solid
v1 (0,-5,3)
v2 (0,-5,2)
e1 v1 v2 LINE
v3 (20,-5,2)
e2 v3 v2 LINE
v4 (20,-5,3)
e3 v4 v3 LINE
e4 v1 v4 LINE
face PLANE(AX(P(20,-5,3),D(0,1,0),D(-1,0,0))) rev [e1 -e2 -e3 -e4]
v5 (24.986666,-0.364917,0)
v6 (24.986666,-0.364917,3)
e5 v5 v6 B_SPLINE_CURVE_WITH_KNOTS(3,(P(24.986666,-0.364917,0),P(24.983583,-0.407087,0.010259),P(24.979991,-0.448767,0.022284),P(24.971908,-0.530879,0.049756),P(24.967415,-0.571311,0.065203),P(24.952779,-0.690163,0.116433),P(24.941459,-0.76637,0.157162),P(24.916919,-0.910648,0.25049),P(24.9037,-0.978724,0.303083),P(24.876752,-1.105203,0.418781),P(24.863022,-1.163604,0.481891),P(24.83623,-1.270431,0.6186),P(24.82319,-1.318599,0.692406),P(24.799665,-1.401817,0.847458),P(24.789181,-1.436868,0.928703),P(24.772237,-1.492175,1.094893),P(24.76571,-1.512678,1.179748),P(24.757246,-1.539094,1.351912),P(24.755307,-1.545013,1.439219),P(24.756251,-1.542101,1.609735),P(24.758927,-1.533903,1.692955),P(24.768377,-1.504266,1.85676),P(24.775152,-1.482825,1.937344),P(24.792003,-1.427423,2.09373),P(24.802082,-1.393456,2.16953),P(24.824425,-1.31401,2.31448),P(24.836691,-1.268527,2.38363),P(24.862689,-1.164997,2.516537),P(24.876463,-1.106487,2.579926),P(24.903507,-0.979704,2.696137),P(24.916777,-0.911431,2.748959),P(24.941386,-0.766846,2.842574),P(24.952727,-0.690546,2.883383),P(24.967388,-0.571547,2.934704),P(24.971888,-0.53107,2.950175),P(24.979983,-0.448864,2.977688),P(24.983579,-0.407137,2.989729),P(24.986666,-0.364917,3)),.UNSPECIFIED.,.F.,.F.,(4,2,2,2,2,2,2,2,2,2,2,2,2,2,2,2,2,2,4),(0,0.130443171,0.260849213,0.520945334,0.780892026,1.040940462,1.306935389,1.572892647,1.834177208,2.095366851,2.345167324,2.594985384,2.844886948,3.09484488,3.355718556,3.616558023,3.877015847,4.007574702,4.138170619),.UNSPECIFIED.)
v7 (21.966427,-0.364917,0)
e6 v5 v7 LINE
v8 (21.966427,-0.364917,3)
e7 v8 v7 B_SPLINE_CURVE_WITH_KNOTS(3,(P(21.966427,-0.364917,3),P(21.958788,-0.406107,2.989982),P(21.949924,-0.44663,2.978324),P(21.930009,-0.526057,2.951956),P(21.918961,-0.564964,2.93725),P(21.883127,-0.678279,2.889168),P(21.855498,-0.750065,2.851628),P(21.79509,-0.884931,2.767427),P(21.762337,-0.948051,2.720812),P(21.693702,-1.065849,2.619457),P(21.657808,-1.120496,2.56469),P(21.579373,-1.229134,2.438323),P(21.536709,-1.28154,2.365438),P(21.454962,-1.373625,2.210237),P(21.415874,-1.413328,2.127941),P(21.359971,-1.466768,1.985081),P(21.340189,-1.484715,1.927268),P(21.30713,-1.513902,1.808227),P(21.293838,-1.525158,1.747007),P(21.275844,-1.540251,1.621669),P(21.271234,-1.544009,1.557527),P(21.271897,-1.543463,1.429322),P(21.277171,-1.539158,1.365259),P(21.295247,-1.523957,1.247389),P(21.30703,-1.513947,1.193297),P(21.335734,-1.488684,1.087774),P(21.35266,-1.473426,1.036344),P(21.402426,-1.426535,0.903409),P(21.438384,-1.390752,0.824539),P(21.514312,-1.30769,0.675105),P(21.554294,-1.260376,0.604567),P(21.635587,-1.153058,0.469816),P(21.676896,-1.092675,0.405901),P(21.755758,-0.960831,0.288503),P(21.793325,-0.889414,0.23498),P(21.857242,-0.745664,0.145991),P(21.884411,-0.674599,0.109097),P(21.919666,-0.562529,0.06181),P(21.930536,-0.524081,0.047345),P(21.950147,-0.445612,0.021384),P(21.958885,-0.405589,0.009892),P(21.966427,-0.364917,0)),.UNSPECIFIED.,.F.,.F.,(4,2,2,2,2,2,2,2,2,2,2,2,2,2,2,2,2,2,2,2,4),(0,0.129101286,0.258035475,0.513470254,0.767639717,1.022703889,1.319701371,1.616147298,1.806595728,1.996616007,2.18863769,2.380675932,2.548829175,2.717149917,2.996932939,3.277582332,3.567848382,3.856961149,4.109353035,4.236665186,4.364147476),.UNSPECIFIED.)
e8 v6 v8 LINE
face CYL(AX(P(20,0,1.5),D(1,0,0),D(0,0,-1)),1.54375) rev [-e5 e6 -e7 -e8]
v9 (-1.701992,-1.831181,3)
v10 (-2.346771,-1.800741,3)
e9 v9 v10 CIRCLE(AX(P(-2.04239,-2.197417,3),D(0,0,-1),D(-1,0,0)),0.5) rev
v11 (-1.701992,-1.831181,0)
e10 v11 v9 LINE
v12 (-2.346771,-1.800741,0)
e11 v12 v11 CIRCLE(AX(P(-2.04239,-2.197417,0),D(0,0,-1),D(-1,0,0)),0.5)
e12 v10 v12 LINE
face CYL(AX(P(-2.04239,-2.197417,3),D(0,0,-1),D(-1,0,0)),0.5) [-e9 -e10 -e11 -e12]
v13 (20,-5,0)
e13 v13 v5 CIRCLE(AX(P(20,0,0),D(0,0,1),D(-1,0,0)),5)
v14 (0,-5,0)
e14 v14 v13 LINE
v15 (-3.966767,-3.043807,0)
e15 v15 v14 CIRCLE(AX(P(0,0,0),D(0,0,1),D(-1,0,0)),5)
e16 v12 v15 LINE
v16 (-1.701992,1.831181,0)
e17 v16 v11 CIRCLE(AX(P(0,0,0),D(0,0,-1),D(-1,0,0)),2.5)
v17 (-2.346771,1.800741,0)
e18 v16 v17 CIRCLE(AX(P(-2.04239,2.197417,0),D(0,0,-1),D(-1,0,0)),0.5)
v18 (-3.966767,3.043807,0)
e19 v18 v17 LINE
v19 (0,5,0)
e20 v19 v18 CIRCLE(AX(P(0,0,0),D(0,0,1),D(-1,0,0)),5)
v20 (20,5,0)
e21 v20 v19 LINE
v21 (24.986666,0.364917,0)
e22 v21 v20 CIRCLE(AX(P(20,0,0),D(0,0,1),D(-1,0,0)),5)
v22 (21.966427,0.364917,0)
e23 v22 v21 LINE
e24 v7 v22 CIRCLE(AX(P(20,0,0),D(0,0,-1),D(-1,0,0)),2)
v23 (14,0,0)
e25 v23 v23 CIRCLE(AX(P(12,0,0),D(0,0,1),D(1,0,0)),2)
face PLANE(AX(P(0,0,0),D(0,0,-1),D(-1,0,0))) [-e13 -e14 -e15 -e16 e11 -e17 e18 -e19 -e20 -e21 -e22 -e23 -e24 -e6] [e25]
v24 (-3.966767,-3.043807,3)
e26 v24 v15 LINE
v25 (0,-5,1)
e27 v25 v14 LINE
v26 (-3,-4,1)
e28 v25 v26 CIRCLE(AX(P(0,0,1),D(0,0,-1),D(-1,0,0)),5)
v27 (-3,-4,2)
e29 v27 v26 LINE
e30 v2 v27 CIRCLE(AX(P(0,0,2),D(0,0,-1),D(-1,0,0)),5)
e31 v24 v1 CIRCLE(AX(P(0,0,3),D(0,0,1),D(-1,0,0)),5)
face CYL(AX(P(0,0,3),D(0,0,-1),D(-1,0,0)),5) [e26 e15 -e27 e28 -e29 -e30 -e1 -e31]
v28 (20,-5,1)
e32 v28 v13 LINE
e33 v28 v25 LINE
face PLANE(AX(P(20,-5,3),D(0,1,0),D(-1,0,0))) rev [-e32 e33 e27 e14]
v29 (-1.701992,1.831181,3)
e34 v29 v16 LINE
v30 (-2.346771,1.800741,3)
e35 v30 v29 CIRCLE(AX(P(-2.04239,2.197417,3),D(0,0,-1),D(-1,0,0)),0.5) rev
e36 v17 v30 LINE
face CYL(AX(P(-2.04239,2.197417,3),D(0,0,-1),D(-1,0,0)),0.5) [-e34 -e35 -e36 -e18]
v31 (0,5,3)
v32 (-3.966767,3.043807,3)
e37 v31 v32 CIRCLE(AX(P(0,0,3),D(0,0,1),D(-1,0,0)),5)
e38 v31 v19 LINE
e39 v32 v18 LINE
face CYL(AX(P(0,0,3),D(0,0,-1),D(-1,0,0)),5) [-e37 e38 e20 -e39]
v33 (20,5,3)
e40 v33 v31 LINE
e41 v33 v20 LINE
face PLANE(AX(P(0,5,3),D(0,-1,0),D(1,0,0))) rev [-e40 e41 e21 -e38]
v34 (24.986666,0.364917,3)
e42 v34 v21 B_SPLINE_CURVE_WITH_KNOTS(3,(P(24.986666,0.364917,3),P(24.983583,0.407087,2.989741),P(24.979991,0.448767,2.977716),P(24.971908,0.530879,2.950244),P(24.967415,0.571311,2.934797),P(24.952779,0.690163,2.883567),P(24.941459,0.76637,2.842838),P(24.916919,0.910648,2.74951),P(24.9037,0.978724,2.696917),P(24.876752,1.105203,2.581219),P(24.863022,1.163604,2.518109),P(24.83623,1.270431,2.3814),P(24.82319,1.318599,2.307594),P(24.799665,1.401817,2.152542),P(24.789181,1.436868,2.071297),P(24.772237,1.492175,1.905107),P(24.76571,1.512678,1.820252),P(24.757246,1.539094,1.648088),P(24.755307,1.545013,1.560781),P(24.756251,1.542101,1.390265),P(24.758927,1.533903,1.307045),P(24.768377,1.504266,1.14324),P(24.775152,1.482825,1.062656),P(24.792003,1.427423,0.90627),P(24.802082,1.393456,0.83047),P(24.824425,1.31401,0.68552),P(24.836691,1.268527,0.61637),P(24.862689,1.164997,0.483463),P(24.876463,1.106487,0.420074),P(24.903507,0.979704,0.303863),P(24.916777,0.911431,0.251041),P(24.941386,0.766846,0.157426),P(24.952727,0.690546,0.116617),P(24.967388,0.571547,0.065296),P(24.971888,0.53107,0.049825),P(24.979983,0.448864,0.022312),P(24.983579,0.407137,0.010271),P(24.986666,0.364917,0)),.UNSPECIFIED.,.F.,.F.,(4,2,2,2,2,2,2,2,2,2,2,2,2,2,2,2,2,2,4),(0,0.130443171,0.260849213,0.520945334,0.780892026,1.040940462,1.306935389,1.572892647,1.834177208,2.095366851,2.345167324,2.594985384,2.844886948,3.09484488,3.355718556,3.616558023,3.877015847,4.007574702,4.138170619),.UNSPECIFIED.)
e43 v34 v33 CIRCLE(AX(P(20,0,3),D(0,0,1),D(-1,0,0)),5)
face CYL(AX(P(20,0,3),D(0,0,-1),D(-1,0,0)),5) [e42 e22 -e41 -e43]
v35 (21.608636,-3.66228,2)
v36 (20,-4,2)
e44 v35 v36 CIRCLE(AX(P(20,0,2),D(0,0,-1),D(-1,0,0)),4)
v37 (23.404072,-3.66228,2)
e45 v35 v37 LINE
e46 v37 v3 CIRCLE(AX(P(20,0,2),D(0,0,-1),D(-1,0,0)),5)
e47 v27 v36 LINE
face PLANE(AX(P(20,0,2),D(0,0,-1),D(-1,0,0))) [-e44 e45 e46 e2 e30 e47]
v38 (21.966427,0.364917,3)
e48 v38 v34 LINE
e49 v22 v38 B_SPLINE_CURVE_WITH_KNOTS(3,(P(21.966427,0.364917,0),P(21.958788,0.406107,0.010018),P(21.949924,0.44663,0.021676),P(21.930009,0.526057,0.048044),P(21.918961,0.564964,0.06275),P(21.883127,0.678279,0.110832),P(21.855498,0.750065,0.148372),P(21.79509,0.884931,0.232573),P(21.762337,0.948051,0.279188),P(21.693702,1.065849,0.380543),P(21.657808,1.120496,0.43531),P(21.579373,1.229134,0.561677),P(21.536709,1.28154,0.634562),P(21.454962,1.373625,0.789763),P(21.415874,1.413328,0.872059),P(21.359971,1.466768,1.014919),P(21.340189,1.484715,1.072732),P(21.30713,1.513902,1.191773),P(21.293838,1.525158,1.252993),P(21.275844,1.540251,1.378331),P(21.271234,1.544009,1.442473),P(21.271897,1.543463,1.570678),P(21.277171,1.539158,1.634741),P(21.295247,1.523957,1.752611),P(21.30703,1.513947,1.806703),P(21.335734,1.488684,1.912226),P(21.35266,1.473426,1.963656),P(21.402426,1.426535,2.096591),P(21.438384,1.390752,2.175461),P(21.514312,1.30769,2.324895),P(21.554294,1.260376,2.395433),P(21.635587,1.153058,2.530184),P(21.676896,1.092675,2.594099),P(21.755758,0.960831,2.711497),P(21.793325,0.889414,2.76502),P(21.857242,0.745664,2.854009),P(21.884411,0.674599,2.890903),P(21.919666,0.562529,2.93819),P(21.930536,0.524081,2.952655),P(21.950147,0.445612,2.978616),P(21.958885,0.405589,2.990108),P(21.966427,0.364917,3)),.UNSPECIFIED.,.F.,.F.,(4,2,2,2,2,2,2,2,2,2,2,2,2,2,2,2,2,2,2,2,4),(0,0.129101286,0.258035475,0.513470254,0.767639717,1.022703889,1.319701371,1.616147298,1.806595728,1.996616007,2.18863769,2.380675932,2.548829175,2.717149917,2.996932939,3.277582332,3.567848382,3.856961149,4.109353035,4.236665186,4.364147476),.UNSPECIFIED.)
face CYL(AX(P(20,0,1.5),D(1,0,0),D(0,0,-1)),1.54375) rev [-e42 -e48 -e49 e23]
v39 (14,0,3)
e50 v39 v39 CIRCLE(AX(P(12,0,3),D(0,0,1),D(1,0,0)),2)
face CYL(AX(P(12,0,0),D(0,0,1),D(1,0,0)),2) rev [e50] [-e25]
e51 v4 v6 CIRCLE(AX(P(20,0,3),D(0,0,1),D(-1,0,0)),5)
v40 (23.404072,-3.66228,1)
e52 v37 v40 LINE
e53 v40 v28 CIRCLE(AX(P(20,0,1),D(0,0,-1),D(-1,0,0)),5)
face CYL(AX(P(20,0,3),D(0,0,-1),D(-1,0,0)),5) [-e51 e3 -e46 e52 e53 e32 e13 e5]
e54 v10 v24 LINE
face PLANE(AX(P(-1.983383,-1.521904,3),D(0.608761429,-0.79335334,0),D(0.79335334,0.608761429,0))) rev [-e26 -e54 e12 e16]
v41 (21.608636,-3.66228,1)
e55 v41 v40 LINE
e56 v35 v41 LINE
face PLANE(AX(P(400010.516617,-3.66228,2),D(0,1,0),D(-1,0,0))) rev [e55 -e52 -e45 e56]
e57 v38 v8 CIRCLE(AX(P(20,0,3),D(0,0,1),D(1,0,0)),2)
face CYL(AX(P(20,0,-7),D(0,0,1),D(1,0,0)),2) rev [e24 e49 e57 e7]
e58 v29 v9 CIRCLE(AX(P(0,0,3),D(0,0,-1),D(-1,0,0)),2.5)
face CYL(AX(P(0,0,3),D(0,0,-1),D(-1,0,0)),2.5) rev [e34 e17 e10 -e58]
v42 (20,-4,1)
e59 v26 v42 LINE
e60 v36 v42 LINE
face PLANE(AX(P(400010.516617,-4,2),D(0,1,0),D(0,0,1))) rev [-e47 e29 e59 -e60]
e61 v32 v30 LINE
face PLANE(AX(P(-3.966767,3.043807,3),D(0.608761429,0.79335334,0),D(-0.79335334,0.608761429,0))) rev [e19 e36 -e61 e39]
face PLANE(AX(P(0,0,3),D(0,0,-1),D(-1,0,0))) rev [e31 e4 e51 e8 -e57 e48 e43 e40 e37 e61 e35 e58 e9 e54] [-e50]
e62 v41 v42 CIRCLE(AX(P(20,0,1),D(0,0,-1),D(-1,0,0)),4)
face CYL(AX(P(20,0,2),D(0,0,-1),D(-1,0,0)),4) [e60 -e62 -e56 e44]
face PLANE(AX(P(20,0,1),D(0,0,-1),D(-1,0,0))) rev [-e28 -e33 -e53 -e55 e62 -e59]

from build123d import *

# Parameters (mm, degrees)
BOSS_EXTRUDE1_DEPTH = 3
FILLET1_R           = 0.5
SKETCH2_R           = 2
CUT_EXTRUDE1_DEPTH  = 10
SKETCH3_R           = 2
CUT_EXTRUDE2_DEPTH  = 3
CUT_EXTRUDE3_START  = 50
SKETCH4_R           = 1.54375
CUT_EXTRUDE3_DEPTH  = 30
CUT_EXTRUDE4_START  = -1.5
CUT_EXTRUDE4_DEPTH  = 0.5


with BuildPart() as part:
    # Sketch1 → Boss-Extrude1 (new body)
    with BuildSketch(Plane.XY):
        with BuildLine():
            Line((-3.966766701, 3.043807145), (-1.983383351, 1.521903573))
            ThreePointArc((-1.983383351, 1.521903573), (2.5, 0), (-1.983383351, -1.521903573))
            Line((-1.983383351, -1.521903573), (-3.966766701, -3.043807145))
            ThreePointArc((-3.966766701, -3.043807145), (-2.211443451, -4.484363708), (0, -5))
            Line((0, -5), (20, -5))
            ThreePointArc((20, -5), (25, 0), (20, 5))
            Line((20, 5), (0, 5))
            ThreePointArc((0, 5), (-2.211443451, 4.484363708), (-3.966766701, 3.043807145))
        make_face()
    extrude(amount=BOSS_EXTRUDE1_DEPTH)

    # Fillet1
    fillet1_edges = [part.edges().sort_by_distance(p)[0] for p in [
        (-1.983383351, -1.521903573, 1.5),
        (-1.983383351, 1.521903573, 1.5),
    ]]
    fillet(fillet1_edges, radius=FILLET1_R)

    # Sketch2 → Cut-Extrude1 (cut)
    with BuildSketch(Plane.XY.offset(3)):
        with Locations((20, 0)):
            Circle(SKETCH2_R)
    extrude(amount=-CUT_EXTRUDE1_DEPTH, mode=Mode.SUBTRACT)

    # Sketch3 → Cut-Extrude2 (cut)
    with BuildSketch(Plane.XY.offset(3)):
        with Locations((12, 0)):
            Circle(SKETCH3_R)
    extrude(amount=-CUT_EXTRUDE2_DEPTH, mode=Mode.SUBTRACT)

    # Sketch4 → Cut-Extrude3 (cut)
    with BuildSketch(Plane(origin=(0, 0, 0), x_dir=(0, 0, -1), z_dir=(1, 0, 0)).offset(CUT_EXTRUDE3_START)):
        with Locations((-1.5, 0)):
            Circle(SKETCH4_R)
    extrude(amount=-CUT_EXTRUDE3_DEPTH, mode=Mode.SUBTRACT)

    # Sketch5 → Cut-Extrude4 (cut, symmetric)
    with BuildSketch(Plane(origin=(0, 0, 0), x_dir=(-1, 0, 0), z_dir=(0, 0, -1)).offset(CUT_EXTRUDE4_START)):
        with BuildLine():
            Line((-21.608635668, -3.66227952), (-23.404072372, -3.66227952))
            ThreePointArc((-23.404072372, -3.66227952), (-21.828743065, -4.653568394), (-20, -5))
            Line((-20, -5), (0, -5))
            Line((0, -5), (3, -5))
            Line((3, -5), (3, -4))
            Line((3, -4), (-20, -4))
            ThreePointArc((-20, -4), (-20.821852152, -3.914659505), (-21.608635668, -3.66227952))
        make_face()
    extrude(amount=CUT_EXTRUDE4_DEPTH, both=True, mode=Mode.SUBTRACT)


solid = part.part
